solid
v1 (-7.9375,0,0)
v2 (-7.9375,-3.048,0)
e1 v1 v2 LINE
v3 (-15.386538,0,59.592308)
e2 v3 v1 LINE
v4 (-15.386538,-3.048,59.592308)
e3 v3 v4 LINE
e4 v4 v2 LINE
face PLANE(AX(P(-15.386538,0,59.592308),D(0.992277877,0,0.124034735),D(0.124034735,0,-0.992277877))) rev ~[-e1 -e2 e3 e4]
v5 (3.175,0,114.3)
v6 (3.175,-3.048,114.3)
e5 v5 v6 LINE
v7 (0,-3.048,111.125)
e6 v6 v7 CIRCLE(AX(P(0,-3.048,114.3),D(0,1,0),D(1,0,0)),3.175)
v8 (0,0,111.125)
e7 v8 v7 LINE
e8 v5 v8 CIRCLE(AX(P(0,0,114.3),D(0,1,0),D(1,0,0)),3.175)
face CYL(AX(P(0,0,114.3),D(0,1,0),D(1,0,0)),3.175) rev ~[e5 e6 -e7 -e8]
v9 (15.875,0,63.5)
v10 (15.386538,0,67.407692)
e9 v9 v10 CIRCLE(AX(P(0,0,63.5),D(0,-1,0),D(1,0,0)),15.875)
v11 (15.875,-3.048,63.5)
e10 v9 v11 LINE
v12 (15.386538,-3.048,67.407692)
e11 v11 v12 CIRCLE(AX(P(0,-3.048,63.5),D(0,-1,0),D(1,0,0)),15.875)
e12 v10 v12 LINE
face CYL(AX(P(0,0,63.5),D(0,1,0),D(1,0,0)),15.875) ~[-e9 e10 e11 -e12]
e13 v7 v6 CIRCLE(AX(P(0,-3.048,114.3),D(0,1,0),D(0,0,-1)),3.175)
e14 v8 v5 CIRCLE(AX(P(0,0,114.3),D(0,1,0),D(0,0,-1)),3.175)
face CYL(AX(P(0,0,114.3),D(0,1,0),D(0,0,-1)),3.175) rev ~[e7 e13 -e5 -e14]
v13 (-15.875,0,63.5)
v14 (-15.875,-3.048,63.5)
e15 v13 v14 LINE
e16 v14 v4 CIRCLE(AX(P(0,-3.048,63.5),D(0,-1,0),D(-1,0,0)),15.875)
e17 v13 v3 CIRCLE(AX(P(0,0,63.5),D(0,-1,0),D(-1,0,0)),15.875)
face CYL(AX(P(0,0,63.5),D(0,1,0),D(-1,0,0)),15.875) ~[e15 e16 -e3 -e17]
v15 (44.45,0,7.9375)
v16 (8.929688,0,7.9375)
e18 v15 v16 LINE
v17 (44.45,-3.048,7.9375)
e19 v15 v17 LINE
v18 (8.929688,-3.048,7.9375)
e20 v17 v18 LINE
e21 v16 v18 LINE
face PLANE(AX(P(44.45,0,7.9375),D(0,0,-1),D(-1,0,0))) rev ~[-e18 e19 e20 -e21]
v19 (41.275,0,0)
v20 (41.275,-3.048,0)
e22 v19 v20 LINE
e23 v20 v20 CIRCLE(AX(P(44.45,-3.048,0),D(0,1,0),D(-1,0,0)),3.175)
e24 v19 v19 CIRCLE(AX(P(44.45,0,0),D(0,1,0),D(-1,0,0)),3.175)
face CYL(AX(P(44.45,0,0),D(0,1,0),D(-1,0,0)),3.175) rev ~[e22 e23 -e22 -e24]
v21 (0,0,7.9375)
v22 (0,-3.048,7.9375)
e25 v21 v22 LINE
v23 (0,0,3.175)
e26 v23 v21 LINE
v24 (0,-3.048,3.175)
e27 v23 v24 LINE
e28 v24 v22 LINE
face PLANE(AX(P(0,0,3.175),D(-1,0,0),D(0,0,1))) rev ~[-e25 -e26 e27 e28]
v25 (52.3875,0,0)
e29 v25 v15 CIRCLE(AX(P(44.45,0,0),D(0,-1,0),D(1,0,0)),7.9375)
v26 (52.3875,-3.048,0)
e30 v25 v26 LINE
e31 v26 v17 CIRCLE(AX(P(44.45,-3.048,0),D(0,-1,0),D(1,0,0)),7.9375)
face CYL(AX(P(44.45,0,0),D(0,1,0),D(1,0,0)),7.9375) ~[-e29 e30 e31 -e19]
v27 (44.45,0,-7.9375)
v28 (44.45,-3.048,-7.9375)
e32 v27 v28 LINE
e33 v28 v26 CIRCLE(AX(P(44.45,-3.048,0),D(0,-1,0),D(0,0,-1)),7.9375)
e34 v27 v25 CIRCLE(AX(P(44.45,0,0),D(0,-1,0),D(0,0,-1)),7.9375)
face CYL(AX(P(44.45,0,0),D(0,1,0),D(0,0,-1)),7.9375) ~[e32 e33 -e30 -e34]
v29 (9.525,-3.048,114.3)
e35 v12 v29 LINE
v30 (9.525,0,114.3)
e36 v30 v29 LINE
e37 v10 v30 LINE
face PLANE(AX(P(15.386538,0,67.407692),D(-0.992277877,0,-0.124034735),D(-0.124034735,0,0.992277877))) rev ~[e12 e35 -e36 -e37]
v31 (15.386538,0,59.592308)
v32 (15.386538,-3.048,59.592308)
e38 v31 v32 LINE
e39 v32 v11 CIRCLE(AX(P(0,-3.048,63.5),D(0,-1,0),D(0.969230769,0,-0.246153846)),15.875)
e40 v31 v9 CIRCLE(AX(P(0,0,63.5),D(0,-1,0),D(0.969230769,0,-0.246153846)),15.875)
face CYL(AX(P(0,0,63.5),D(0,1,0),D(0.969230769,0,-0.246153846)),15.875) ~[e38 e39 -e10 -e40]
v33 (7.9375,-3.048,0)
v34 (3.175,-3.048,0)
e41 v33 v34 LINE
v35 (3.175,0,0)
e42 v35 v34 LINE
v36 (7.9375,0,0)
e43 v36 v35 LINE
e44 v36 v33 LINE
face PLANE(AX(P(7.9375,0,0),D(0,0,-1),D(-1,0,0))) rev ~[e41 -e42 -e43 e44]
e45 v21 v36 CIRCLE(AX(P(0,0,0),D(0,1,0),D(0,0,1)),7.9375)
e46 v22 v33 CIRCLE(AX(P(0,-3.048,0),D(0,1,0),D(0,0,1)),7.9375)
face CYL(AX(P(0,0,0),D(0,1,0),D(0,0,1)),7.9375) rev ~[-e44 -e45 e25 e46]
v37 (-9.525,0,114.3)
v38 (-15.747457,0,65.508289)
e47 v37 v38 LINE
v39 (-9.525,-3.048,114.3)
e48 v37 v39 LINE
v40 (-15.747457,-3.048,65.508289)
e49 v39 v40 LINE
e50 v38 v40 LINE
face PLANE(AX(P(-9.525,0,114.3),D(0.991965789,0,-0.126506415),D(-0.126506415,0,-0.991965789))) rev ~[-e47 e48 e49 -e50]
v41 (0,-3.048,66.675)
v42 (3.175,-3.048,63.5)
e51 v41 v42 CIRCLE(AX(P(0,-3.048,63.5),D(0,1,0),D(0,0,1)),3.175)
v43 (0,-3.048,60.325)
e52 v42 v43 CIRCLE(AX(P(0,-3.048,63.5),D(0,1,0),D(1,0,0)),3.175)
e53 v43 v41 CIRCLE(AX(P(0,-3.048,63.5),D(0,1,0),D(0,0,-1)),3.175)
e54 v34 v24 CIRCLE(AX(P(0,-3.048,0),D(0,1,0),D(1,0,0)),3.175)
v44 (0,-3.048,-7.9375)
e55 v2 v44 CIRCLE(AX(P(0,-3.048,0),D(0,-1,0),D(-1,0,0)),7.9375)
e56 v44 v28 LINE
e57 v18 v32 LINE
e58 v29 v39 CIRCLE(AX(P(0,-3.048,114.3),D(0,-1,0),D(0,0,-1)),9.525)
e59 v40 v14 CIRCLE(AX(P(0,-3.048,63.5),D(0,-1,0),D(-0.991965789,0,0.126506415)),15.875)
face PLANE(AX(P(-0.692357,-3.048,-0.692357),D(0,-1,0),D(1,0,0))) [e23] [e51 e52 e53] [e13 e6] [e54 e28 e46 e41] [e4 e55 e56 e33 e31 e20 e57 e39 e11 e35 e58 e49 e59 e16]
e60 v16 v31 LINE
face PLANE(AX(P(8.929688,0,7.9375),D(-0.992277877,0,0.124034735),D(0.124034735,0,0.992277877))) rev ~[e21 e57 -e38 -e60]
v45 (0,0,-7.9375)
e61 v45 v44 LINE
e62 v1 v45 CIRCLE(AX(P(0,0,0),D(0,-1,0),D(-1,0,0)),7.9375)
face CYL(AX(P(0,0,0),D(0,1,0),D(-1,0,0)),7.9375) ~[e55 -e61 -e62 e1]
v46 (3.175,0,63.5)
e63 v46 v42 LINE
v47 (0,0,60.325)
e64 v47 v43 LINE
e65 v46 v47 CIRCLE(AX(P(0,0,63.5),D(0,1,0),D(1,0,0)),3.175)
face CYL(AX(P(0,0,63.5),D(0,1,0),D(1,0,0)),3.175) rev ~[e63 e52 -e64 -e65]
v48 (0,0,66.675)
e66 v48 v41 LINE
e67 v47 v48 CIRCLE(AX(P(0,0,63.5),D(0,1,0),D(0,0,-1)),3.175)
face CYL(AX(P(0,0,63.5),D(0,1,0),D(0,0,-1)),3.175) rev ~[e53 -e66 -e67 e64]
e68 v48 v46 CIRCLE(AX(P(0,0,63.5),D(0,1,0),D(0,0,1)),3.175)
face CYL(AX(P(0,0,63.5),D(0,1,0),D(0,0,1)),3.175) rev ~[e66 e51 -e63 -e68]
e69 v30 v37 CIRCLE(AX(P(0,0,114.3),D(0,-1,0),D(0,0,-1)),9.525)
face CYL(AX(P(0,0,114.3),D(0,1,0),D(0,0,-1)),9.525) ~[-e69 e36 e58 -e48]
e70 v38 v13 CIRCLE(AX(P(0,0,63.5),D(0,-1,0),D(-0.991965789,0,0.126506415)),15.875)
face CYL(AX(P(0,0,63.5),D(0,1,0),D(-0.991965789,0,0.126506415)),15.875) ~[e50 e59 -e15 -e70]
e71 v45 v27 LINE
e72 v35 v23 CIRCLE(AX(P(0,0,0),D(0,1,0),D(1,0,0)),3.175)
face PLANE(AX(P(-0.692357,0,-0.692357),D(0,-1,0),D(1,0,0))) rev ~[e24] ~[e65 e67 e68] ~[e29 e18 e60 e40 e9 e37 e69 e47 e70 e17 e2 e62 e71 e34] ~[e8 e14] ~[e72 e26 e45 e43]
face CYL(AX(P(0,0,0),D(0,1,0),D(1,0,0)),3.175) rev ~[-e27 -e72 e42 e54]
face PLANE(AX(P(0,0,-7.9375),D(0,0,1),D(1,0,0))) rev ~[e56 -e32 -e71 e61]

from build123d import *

# Parameters (mm, degrees)
F1_DEPTH = 3.048


with BuildPart() as f1:
    # F0 (on Front) → F1 (new body)
    with BuildSketch(Plane.XZ):
        with BuildLine():
            Line((7.9375, 0), (3.175, 0))
            ThreePointArc((3.175, 0), (-2.2450640303, -2.2450640303), (0, 3.175))
            Line((0, 3.175), (0, 7.9375))
            ThreePointArc((0, 7.9375), (-5.6126600757, 5.6126600757), (-7.9375, 0))
            ThreePointArc((-7.9375, 0), (-5.6126600757, -5.6126600757), (0, -7.9375))
            ThreePointArc((0, -7.9375), (5.6126600757, -5.6126600757), (7.9375, 0))
        make_face()
        with BuildLine():
            Line((8.9296875, 7.9375), (7.9375, 0))
            Line((7.9375, 0), (36.5125, 0))
            ThreePointArc((36.5125, 0), (38.8373399243, 5.6126600757), (44.45, 7.9375))
            Line((44.45, 7.9375), (9.9234625, 7.9375))
            Line((9.9234625, 7.9375), (8.9296875, 7.9375))
        make_face()
        with BuildLine():
            Line((36.5125, 0), (7.9375, 0))
            ThreePointArc((7.9375, 0), (5.6126600757, -5.6126600757), (0, -7.9375))
            Line((0, -7.9375), (44.45, -7.9375))
            ThreePointArc((44.45, -7.9375), (38.8373399243, -5.6126600757), (36.5125, 0))
        make_face()
        with BuildLine():
            ThreePointArc((0, 7.9375), (5.6126600757, 5.6126600757), (7.9375, 0))
            Line((7.9375, 0), (8.9296875, 7.9375))
            Line((8.9296875, 7.9375), (0, 7.9375))
        make_face()
        with BuildLine():
            ThreePointArc((-7.9375, 0), (-5.6126600757, 5.6126600757), (0, 7.9375))
            Line((0, 7.9375), (0, 47.625))
            ThreePointArc((0, 47.625), (-9.7463072395, 50.9690335492), (-15.3865384615, 59.5923076923))
            Line((-15.3865384615, 59.5923076923), (-7.9375, 0))
        make_face()
        with BuildLine():
            Line((0, 47.625), (0, 7.9375))
            Line((0, 7.9375), (8.9296875, 7.9375))
            Line((8.9296875, 7.9375), (15.3865384615, 59.5923076923))
            ThreePointArc((15.3865384615, 59.5923076923), (9.7463072395, 50.9690335492), (0, 47.625))
        make_face()
        with BuildLine():
            ThreePointArc((44.45, 7.9375), (38.8373399243, 5.6126600757), (36.5125, 0))
            ThreePointArc((36.5125, 0), (38.8373399243, -5.6126600757), (44.45, -7.9375))
            ThreePointArc((44.45, -7.9375), (50.0626600757, -5.6126600757), (52.3875, 0))
            ThreePointArc((52.3875, 0), (50.0626600757, 5.6126600757), (44.45, 7.9375))
        make_face()
        with BuildLine():
            ThreePointArc((47.625, 0), (44.45, -3.175), (41.275, 0))
            ThreePointArc((41.275, 0), (44.45, 3.175), (47.625, 0))
        make_face(mode=Mode.SUBTRACT)
        with BuildLine():
            ThreePointArc((-15.3865384615, 59.5923076923), (-9.7463072395, 50.9690335492), (0, 47.625))
            Line((0, 47.625), (0, 60.325))
            ThreePointArc((0, 60.325), (-3.175, 63.5), (0, 66.675))
            Line((0, 66.675), (0, 79.375))
            ThreePointArc((0, 79.375), (-10.4912828548, 75.4142187767), (-15.7474569047, 65.5082893304))
            ThreePointArc((-15.7474569047, 65.5082893304), (-15.8430821396, 64.5061676396), (-15.875, 63.5))
            Line((-15.875, 63.5), (-15.3865384615, 59.5923076923))
        make_face()
        with BuildLine():
            Line((0, 60.325), (0, 47.625))
            ThreePointArc((0, 47.625), (9.7463072395, 50.9690335492), (15.3865384615, 59.5923076923))
            Line((15.3865384615, 59.5923076923), (15.875, 63.5))
            Line((15.875, 63.5), (15.3865384615, 67.4076923077))
            ThreePointArc((15.3865384615, 67.4076923077), (9.7463072395, 76.0309664508), (0, 79.375))
            Line((0, 79.375), (0, 66.675))
            ThreePointArc((0, 66.675), (2.2450640303, 65.7450640303), (3.175, 63.5))
            ThreePointArc((3.175, 63.5), (2.2450640303, 61.2549359697), (0, 60.325))
        make_face()
        with BuildLine():
            Line((15.875, 63.5), (15.3865384615, 59.5923076923))
            ThreePointArc((15.3865384615, 59.5923076923), (15.7524112928, 61.5309485884), (15.875, 63.5))
        make_face()
        with BuildLine():
            ThreePointArc((-15.875, 63.5), (-15.7524112928, 61.5309485884), (-15.3865384615, 59.5923076923))
            Line((-15.3865384615, 59.5923076923), (-15.875, 63.5))
        make_face()
        with BuildLine():
            Line((15.3865384615, 67.4076923077), (15.875, 63.5))
            ThreePointArc((15.875, 63.5), (15.7524112928, 65.4690514116), (15.3865384615, 67.4076923077))
        make_face()
        with BuildLine():
            ThreePointArc((0, 79.375), (9.7463072395, 76.0309664508), (15.3865384615, 67.4076923077))
            Line((15.3865384615, 67.4076923077), (9.525, 114.3))
            ThreePointArc((9.525, 114.3), (6.7351920908, 107.5648079092), (0, 104.775))
            Line((0, 104.775), (0, 79.375))
        make_face()
        with BuildLine():
            ThreePointArc((-15.7474569047, 65.5082893304), (-10.4912828548, 75.4142187767), (0, 79.375))
            Line((0, 79.375), (0, 104.775))
            ThreePointArc((0, 104.775), (-6.7351920908, 107.5648079092), (-9.525, 114.3))
            Line((-9.525, 114.3), (-15.7474569047, 65.5082893304))
        make_face()
        with BuildLine():
            ThreePointArc((0, 104.775), (6.7351920908, 107.5648079092), (9.525, 114.3))
            ThreePointArc((9.525, 114.3), (0, 123.825), (-9.525, 114.3))
            ThreePointArc((-9.525, 114.3), (-6.7351920908, 107.5648079092), (0, 104.775))
        make_face()
        with BuildLine():
            ThreePointArc((3.175, 114.3), (2.2450640303, 112.0549359697), (0, 111.125))
            ThreePointArc((0, 111.125), (-2.2450640303, 116.5450640303), (3.175, 114.3))
        make_face(mode=Mode.SUBTRACT)
    extrude(amount=F1_DEPTH)


solid = f1.part
